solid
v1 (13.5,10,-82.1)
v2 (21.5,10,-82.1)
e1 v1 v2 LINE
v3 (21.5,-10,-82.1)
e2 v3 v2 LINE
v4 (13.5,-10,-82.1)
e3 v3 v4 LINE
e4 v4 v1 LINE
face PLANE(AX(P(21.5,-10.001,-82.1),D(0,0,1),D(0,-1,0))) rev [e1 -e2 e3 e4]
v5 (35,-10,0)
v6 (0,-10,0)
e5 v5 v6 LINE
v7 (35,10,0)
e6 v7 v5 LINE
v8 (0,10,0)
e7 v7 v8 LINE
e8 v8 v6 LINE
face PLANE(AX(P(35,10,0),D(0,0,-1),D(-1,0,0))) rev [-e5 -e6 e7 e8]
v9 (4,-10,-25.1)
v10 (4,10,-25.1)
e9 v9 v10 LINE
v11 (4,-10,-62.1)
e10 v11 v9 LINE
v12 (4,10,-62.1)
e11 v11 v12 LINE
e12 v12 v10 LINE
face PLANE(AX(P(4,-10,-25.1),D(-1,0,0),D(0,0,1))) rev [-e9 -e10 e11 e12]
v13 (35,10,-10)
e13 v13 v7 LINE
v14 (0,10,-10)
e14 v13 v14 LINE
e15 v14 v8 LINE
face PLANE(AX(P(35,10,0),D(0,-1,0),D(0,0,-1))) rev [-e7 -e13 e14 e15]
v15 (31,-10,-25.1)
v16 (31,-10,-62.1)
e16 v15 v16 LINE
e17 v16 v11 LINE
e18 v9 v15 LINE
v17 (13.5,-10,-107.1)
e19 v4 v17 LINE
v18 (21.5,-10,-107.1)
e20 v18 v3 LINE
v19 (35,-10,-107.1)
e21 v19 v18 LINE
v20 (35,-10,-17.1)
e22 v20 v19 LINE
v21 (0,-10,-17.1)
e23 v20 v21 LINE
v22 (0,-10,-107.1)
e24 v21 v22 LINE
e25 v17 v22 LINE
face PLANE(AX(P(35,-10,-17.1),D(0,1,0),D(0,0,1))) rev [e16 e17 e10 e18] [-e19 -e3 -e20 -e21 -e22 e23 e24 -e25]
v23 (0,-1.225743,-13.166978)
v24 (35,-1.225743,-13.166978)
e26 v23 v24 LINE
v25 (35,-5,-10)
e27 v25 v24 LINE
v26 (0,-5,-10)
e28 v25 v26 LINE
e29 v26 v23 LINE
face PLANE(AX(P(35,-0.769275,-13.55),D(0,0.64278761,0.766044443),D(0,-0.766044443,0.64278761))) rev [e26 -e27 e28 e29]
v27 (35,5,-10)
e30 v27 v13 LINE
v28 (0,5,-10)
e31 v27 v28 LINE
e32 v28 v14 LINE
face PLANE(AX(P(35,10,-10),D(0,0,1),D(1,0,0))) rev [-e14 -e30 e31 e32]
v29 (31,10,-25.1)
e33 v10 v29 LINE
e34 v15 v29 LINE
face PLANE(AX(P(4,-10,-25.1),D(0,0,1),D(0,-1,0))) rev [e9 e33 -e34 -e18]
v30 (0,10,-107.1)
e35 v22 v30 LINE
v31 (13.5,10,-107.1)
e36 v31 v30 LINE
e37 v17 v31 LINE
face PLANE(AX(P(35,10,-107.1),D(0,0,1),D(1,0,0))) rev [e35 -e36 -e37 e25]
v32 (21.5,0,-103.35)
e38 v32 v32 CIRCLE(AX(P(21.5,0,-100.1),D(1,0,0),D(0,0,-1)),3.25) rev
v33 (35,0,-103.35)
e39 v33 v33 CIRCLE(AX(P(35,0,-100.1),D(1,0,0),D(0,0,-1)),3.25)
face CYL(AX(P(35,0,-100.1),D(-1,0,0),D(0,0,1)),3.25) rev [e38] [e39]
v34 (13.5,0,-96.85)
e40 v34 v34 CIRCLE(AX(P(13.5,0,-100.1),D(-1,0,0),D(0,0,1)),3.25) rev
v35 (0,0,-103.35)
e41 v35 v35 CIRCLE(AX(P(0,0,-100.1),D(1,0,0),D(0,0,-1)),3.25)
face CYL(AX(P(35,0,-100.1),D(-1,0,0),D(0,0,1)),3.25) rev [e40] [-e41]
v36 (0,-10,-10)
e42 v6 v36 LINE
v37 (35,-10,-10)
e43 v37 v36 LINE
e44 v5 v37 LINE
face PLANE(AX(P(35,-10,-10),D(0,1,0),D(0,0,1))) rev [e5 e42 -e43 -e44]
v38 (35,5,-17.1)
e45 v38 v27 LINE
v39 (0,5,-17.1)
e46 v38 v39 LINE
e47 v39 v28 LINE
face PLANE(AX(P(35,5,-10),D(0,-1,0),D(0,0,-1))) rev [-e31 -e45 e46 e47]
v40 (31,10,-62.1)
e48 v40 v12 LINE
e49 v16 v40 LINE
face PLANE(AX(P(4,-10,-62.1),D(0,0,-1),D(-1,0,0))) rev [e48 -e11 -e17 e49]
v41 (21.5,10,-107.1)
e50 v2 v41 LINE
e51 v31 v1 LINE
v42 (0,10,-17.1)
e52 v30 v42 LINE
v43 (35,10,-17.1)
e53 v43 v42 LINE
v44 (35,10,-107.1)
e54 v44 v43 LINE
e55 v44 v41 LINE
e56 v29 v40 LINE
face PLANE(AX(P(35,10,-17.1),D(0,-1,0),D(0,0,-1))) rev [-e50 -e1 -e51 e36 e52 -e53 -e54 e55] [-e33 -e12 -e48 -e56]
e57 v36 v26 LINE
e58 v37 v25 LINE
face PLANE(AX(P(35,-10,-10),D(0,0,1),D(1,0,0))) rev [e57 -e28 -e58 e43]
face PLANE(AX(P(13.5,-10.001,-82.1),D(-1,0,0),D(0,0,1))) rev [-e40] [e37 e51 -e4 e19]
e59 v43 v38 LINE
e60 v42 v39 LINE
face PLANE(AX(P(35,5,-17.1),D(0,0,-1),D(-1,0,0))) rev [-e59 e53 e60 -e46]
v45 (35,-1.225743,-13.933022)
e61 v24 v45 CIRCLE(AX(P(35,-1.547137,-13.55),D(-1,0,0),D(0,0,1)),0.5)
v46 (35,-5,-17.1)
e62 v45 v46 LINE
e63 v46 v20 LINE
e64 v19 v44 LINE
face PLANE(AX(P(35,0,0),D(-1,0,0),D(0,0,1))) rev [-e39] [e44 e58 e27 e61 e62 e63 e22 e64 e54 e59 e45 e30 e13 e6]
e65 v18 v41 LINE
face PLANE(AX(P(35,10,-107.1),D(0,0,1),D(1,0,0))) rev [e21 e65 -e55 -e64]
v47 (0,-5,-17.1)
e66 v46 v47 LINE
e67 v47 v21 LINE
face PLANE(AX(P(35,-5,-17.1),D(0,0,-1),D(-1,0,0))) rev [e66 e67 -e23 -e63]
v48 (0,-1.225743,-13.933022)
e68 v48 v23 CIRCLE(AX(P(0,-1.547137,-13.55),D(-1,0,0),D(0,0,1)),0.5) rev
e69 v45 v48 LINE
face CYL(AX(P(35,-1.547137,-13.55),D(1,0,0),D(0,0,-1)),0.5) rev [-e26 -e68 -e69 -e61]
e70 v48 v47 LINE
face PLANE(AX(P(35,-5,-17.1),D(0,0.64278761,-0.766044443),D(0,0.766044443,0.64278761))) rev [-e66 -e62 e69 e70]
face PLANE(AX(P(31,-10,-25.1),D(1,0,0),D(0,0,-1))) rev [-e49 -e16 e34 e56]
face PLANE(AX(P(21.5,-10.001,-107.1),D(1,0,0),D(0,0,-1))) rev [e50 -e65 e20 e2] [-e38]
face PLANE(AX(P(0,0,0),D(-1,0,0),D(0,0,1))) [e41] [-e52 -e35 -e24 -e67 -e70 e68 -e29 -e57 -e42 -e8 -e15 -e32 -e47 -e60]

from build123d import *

# Parameters (mm, degrees)
CROQUIS1_R              = 3.25
SALIENTE_EXTRUIR1_DEPTH = 35
CORTAR_EXTRUIR1_REACH   = 116.435
CROQUIS2_W              = 8
CROQUIS2_H              = 25
REDONDEO1_R             = 0.5
CROQUIS4_W              = 27
CROQUIS4_H              = 37
CORTAR_EXTRUIR2_DEPTH   = 115.435178158


with BuildPart() as part:
    # Croquis1 → Saliente-Extruir1 (new body)
    with BuildSketch(Plane(origin=(0, 0, 0), x_dir=(0, 0, -1), z_dir=(1, 0, 0))):
        Polygon((0, 10), (0, -10), (10, -10), (10, -5), (13.55, -0.769274746), (17.1, -5), (17.1, -10), (107.1, -10), (107.1, 10), (17.1, 10), (17.1, 5), (10, 5), (10, 10), align=None)
        with Locations((100.1, 0)):
            Circle(CROQUIS1_R, mode=Mode.SUBTRACT)
    extrude(amount=SALIENTE_EXTRUIR1_DEPTH)

    # Croquis2 → Cortar-Extruir1 (cut, up to next)
    with BuildSketch(Plane(origin=(0, 10, 0), x_dir=(1, 0, 0), z_dir=(0, 1, 0)), mode=Mode.PRIVATE) as cortar_extruir1_sk1:
        with Locations((17.5, 94.6)):
            Rectangle(CROQUIS2_W, CROQUIS2_H)
    cortar_extruir1_tool1 = extrude(cortar_extruir1_sk1.sketch, amount=-CORTAR_EXTRUIR1_REACH, mode=Mode.PRIVATE) & part.part
    add(cortar_extruir1_tool1.solids().sort_by_distance((17.5, 10, -94.6))[0], mode=Mode.SUBTRACT)

    # Redondeo1
    redondeo1_edges = [part.edges().sort_by_distance(p)[0] for p in [
        (17.5, -0.769274746, -13.55),
    ]]
    fillet(redondeo1_edges, radius=REDONDEO1_R)

    # Croquis4 → Cortar-Extruir2 (cut, through all)
    with BuildSketch(Plane(origin=(0, 10, 0), x_dir=(1, 0, 0), z_dir=(0, 1, 0))):
        with Locations((17.5, 43.6)):
            Rectangle(CROQUIS4_W, CROQUIS4_H)
    extrude(amount=-CORTAR_EXTRUIR2_DEPTH, mode=Mode.SUBTRACT)


solid = part.part
